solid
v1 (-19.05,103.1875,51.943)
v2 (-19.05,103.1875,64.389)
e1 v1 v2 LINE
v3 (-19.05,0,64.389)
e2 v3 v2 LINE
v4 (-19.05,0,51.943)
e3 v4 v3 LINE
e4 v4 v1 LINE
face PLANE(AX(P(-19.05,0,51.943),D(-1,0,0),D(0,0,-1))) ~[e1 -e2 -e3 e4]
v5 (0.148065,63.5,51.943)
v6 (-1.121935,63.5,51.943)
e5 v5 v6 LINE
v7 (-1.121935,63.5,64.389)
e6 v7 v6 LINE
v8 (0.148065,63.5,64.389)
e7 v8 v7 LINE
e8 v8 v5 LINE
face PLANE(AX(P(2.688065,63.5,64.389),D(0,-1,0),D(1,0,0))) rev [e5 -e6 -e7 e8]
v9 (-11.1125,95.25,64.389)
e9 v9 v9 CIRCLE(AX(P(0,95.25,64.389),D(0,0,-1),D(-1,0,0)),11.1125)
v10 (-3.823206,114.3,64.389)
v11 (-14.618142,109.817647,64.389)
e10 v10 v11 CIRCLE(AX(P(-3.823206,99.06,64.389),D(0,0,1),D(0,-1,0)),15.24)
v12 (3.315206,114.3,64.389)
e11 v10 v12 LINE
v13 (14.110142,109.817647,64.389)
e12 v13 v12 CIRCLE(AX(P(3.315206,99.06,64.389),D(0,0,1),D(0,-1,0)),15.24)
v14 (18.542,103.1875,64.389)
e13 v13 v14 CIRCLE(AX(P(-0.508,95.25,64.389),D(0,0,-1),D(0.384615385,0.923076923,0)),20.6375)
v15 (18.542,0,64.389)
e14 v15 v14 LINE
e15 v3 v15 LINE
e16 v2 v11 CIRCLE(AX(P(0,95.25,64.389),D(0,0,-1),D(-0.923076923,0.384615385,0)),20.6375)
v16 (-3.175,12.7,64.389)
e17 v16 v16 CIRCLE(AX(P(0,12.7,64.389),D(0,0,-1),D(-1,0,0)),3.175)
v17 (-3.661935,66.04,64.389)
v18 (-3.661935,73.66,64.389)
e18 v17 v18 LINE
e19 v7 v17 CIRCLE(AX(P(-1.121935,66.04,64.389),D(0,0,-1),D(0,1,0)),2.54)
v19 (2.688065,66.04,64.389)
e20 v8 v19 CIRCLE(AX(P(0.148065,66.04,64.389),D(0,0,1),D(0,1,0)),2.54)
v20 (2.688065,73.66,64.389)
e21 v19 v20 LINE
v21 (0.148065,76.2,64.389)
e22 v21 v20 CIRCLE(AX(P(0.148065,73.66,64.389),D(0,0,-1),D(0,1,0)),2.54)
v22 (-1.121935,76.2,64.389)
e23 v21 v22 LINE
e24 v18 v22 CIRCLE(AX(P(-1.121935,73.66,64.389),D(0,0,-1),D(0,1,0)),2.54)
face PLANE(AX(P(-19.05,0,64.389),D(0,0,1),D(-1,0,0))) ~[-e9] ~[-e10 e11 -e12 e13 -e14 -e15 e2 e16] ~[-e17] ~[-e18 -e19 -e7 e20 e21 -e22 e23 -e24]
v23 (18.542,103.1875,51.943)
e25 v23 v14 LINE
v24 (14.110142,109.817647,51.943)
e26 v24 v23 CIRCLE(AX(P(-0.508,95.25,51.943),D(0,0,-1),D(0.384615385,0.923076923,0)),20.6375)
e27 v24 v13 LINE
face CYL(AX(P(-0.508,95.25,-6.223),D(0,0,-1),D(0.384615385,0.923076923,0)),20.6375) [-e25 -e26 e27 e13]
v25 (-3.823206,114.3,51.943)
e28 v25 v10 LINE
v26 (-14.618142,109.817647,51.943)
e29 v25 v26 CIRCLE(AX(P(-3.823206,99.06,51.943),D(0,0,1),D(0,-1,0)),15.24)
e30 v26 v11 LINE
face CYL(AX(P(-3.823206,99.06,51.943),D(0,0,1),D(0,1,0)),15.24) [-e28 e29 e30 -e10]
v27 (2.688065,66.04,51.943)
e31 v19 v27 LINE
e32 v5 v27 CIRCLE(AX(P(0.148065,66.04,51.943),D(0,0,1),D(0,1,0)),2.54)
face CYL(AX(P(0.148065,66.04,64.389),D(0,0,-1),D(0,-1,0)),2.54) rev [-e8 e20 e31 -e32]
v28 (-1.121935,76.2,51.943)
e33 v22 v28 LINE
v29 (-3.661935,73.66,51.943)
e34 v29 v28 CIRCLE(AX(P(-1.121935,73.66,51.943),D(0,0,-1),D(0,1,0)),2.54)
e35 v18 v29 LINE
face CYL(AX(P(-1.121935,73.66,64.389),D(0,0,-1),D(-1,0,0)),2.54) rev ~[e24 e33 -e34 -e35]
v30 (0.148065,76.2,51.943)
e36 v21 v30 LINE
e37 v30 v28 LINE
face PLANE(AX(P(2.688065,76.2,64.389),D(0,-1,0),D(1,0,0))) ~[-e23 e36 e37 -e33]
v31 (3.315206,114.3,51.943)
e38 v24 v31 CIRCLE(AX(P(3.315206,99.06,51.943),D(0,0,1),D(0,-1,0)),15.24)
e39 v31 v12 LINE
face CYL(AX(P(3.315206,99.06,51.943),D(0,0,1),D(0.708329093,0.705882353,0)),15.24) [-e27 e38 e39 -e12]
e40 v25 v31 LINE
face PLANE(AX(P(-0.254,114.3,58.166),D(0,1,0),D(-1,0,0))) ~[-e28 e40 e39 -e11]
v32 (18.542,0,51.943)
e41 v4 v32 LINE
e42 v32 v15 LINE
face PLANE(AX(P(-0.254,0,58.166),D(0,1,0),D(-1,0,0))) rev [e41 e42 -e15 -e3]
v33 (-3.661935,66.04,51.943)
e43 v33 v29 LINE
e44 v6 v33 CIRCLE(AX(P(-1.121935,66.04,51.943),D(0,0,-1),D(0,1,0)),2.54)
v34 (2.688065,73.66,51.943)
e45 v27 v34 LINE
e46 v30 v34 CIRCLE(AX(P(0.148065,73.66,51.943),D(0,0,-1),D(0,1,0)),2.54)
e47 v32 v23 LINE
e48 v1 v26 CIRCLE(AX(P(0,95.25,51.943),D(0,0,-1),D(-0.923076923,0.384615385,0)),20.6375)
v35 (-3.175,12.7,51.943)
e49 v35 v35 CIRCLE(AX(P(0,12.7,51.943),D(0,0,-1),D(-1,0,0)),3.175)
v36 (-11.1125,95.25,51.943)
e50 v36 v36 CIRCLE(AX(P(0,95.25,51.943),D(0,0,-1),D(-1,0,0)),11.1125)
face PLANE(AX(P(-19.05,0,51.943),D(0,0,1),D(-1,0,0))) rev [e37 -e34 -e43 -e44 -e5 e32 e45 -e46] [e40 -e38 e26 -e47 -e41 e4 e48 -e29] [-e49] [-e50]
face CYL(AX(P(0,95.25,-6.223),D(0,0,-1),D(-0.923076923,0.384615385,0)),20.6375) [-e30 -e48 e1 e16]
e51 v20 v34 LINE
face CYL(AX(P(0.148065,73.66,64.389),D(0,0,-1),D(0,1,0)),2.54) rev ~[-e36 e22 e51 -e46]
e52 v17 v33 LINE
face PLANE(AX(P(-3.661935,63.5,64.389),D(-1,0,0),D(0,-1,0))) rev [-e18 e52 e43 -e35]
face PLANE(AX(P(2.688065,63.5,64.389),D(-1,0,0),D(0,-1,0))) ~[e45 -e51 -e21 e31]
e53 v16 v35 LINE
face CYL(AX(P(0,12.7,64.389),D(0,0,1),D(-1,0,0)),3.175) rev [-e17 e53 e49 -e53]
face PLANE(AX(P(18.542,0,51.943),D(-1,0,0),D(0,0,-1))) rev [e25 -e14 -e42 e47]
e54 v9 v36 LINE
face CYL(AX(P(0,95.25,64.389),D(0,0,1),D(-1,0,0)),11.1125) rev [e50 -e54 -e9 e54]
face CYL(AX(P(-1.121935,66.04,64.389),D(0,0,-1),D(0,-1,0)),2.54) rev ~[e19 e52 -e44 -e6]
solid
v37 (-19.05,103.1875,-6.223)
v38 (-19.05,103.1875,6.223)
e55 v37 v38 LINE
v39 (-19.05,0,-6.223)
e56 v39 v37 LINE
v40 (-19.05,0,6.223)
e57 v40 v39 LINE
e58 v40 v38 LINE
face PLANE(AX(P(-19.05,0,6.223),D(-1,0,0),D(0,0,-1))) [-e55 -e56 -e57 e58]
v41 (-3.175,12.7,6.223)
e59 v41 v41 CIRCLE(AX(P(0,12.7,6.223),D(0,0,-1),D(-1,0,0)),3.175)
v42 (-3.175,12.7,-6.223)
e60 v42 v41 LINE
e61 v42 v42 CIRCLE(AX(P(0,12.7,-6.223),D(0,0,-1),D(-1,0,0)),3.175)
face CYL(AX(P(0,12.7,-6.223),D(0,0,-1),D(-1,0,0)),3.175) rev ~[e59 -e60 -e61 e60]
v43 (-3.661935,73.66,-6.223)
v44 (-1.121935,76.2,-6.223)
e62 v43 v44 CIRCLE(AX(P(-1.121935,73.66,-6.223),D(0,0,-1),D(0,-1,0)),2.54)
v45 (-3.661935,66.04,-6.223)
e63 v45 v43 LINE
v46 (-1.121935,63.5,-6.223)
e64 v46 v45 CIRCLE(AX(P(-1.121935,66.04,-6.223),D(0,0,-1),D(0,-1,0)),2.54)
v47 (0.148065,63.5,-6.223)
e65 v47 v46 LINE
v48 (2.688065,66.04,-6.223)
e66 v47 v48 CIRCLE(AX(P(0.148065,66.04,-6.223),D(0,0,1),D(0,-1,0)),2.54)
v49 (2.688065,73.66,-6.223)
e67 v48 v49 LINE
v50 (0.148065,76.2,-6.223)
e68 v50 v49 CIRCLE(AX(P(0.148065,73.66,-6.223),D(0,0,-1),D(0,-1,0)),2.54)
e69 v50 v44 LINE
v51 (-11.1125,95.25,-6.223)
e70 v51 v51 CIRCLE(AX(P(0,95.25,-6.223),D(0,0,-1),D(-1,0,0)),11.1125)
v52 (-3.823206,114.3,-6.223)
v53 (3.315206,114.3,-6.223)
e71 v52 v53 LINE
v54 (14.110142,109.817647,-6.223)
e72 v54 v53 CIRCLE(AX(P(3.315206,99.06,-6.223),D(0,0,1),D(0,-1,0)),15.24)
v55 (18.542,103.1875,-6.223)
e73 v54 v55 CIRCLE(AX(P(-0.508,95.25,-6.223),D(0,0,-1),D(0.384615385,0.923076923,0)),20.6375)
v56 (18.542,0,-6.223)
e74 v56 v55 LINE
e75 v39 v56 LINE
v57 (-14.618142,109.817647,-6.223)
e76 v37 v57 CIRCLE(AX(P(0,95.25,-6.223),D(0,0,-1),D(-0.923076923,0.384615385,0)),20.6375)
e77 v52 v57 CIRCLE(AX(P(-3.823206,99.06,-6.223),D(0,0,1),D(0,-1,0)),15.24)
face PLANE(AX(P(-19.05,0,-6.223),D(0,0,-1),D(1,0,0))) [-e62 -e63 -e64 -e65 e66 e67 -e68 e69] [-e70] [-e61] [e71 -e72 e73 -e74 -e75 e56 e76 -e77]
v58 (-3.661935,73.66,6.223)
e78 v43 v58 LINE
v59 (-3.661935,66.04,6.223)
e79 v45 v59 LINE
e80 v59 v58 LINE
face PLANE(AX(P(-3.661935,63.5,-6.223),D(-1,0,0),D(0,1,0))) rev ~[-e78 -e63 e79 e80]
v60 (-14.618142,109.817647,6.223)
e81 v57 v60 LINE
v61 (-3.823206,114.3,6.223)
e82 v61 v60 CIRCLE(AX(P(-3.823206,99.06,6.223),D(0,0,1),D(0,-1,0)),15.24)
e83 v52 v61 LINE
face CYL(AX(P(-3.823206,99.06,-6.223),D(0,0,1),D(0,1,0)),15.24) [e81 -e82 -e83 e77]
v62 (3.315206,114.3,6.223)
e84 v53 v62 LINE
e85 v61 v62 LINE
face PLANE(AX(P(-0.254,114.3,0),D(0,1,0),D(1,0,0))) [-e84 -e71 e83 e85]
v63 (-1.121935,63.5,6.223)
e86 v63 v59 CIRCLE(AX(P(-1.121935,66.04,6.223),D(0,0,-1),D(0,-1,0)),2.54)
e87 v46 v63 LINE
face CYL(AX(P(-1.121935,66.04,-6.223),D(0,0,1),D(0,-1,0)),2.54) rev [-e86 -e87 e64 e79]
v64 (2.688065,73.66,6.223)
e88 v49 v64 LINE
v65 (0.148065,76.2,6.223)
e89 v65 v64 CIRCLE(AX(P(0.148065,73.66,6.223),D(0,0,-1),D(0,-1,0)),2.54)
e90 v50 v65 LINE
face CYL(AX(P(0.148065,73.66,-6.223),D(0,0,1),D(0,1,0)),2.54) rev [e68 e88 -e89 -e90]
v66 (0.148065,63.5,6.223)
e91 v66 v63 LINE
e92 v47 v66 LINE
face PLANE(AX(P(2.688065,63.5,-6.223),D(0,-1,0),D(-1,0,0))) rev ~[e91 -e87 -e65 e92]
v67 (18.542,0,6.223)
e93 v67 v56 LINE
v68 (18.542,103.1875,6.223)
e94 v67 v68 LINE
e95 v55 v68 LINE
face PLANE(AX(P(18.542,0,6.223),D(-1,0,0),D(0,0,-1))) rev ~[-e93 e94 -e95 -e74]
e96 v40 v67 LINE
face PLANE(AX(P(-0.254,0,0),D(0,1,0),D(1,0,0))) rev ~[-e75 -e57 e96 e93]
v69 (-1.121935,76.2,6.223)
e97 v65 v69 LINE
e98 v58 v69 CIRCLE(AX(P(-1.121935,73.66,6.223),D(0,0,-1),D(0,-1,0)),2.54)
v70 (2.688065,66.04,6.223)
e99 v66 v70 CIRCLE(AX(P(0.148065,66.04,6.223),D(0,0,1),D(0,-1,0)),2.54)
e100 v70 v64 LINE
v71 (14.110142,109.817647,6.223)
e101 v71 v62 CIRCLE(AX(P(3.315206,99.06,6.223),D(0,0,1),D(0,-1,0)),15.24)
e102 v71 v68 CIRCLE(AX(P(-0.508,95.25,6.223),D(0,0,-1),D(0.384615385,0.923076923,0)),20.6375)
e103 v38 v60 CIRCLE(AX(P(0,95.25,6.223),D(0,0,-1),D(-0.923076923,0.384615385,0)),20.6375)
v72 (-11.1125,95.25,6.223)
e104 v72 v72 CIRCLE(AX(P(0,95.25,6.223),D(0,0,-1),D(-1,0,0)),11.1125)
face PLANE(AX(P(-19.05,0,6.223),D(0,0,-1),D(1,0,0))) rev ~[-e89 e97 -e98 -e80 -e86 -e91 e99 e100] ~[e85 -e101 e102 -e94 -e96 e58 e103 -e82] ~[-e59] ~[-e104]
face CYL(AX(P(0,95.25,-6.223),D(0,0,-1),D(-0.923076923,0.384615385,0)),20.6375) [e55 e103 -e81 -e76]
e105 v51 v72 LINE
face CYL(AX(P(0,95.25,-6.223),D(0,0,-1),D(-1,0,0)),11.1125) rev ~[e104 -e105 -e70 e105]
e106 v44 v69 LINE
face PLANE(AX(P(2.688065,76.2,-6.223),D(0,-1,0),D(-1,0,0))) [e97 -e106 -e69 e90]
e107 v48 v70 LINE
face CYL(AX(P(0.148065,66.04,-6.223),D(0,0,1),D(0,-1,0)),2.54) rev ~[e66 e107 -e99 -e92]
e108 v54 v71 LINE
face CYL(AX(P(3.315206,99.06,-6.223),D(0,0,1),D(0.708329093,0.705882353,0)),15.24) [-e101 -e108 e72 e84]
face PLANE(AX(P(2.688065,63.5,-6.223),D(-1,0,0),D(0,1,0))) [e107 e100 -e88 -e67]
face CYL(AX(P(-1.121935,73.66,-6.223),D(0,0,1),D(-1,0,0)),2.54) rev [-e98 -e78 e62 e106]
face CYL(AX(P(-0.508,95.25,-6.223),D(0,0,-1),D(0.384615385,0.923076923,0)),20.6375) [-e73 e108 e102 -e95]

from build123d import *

# Parameters (mm, degrees)
SKETCH2_W           = 37.592
SKETCH2_H           = 12.446
BOSS_EXTRUDE1_DEPTH = 114.3
SKETCH3_R           = 3.175
CUT_EXTRUDE1_DEPTH  = 12.7
SKETCH4_R           = 11.1125
CUT_EXTRUDE2_DEPTH  = 12.7
SKETCH5_W           = 6.35
SKETCH5_H           = 12.7
CUT_EXTRUDE3_DEPTH  = 12.7
FILLET2_R           = 2.54
FILLET3_R           = 2.54
CUT_EXTRUDE4_START  = -70.612
CUT_EXTRUDE4_DEPTH  = 70.612
FILLET4_R           = 15.24
FILLET5_R           = 15.24


with BuildPart() as part:
    # Sketch2 → Boss-Extrude1 (new body)
    with BuildSketch(Plane(origin=(0, 0, 0), x_dir=(1, 0, 0), z_dir=(0, 1, 0))):
        with Locations((-0.254, 0)):
            Rectangle(SKETCH2_W, SKETCH2_H)
    extrude(amount=BOSS_EXTRUDE1_DEPTH)

    # Sketch3 → Cut-Extrude1 (cut)
    with BuildSketch(Plane(origin=(0, 0, -6.223), x_dir=(-1, 0, 0), z_dir=(0, 0, -1))):
        with Locations((0, 12.7)):
            Circle(SKETCH3_R)
    extrude(amount=-CUT_EXTRUDE1_DEPTH, mode=Mode.SUBTRACT)

    # Sketch4 → Cut-Extrude2 (cut)
    with BuildSketch(Plane(origin=(0, 0, -6.223), x_dir=(-1, 0, 0), z_dir=(0, 0, -1))):
        with Locations((0, 95.25)):
            Circle(SKETCH4_R)
    extrude(amount=-CUT_EXTRUDE2_DEPTH, mode=Mode.SUBTRACT)

    # Sketch5 → Cut-Extrude3 (cut)
    with BuildSketch(Plane(origin=(0, 0, -6.223), x_dir=(-1, 0, 0), z_dir=(0, 0, -1))):
        with Locations((0.486934661, 69.85)):
            Rectangle(SKETCH5_W, SKETCH5_H)
    extrude(amount=-CUT_EXTRUDE3_DEPTH, mode=Mode.SUBTRACT)


with BuildPart() as body_2:
    # Mirror7: mirrored copy
    add(part.part.mirror(Plane.XY.offset(29.083)))

    # Fillet3
    fillet3_edges = [body_2.edges().sort_by_distance(p)[0] for p in [
        (2.688065339, 76.2, 58.166),
        (-3.661934661, 76.2, 58.166),
        (-3.661934661, 63.5, 58.166),
        (2.688065339, 63.5, 58.166),
    ]]
    fillet(fillet3_edges, radius=FILLET3_R)


with BuildPart() as part_1:
    add(part.part)

    # Fillet2
    fillet2_edges = [part_1.edges().sort_by_distance(p)[0] for p in [
        (2.688065339, 76.2, 0),
        (-3.661934661, 76.2, 0),
        (-3.661934661, 63.5, 0),
        (2.688065339, 63.5, 0),
    ]]
    fillet(fillet2_edges, radius=FILLET2_R)


with BuildPart() as cut_extrude4_tool:
    # Sketch6 → Cut-Extrude4 (new body)
    with BuildSketch(Plane.XY.offset(64.389).offset(CUT_EXTRUDE4_START)):
        with BuildLine():
            Line((-19.05, 114.3), (-19.05, 103.1875))
            ThreePointArc((-19.05, 103.1875), (-14.592916197, 109.842916197), (-7.9375, 114.3))
            Line((-7.9375, 114.3), (-19.05, 114.3))
        make_face()
        with BuildLine():
            Line((18.542, 114.3), (7.4295, 114.3))
            ThreePointArc((7.4295, 114.3), (14.084916197, 109.842916197), (18.542, 103.1875))
            Line((18.542, 103.1875), (18.542, 114.3))
        make_face()
    extrude(amount=CUT_EXTRUDE4_DEPTH)


with BuildPart() as part_2:
    add(part_1.part)

    # Cut-Extrude4: cut by cut_extrude4_tool
    add(cut_extrude4_tool.part, mode=Mode.SUBTRACT)

    # Fillet4
    fillet4_edges = [part_2.edges().sort_by_distance(p)[0] for p in [
        (-7.9375, 114.3, 0),
        (7.4295, 114.3, 0),
    ]]
    fillet(fillet4_edges, radius=FILLET4_R)


with BuildPart() as body_2_1:
    add(body_2.part)

    # Cut-Extrude4: cut by cut_extrude4_tool
    add(cut_extrude4_tool.part, mode=Mode.SUBTRACT)

    # Fillet5
    fillet5_edges = [body_2_1.edges().sort_by_distance(p)[0] for p in [
        (7.4295, 114.3, 58.166),
        (-7.9375, 114.3, 58.166),
    ]]
    fillet(fillet5_edges, radius=FILLET5_R)


solid = Compound([part_2.part, body_2_1.part])
